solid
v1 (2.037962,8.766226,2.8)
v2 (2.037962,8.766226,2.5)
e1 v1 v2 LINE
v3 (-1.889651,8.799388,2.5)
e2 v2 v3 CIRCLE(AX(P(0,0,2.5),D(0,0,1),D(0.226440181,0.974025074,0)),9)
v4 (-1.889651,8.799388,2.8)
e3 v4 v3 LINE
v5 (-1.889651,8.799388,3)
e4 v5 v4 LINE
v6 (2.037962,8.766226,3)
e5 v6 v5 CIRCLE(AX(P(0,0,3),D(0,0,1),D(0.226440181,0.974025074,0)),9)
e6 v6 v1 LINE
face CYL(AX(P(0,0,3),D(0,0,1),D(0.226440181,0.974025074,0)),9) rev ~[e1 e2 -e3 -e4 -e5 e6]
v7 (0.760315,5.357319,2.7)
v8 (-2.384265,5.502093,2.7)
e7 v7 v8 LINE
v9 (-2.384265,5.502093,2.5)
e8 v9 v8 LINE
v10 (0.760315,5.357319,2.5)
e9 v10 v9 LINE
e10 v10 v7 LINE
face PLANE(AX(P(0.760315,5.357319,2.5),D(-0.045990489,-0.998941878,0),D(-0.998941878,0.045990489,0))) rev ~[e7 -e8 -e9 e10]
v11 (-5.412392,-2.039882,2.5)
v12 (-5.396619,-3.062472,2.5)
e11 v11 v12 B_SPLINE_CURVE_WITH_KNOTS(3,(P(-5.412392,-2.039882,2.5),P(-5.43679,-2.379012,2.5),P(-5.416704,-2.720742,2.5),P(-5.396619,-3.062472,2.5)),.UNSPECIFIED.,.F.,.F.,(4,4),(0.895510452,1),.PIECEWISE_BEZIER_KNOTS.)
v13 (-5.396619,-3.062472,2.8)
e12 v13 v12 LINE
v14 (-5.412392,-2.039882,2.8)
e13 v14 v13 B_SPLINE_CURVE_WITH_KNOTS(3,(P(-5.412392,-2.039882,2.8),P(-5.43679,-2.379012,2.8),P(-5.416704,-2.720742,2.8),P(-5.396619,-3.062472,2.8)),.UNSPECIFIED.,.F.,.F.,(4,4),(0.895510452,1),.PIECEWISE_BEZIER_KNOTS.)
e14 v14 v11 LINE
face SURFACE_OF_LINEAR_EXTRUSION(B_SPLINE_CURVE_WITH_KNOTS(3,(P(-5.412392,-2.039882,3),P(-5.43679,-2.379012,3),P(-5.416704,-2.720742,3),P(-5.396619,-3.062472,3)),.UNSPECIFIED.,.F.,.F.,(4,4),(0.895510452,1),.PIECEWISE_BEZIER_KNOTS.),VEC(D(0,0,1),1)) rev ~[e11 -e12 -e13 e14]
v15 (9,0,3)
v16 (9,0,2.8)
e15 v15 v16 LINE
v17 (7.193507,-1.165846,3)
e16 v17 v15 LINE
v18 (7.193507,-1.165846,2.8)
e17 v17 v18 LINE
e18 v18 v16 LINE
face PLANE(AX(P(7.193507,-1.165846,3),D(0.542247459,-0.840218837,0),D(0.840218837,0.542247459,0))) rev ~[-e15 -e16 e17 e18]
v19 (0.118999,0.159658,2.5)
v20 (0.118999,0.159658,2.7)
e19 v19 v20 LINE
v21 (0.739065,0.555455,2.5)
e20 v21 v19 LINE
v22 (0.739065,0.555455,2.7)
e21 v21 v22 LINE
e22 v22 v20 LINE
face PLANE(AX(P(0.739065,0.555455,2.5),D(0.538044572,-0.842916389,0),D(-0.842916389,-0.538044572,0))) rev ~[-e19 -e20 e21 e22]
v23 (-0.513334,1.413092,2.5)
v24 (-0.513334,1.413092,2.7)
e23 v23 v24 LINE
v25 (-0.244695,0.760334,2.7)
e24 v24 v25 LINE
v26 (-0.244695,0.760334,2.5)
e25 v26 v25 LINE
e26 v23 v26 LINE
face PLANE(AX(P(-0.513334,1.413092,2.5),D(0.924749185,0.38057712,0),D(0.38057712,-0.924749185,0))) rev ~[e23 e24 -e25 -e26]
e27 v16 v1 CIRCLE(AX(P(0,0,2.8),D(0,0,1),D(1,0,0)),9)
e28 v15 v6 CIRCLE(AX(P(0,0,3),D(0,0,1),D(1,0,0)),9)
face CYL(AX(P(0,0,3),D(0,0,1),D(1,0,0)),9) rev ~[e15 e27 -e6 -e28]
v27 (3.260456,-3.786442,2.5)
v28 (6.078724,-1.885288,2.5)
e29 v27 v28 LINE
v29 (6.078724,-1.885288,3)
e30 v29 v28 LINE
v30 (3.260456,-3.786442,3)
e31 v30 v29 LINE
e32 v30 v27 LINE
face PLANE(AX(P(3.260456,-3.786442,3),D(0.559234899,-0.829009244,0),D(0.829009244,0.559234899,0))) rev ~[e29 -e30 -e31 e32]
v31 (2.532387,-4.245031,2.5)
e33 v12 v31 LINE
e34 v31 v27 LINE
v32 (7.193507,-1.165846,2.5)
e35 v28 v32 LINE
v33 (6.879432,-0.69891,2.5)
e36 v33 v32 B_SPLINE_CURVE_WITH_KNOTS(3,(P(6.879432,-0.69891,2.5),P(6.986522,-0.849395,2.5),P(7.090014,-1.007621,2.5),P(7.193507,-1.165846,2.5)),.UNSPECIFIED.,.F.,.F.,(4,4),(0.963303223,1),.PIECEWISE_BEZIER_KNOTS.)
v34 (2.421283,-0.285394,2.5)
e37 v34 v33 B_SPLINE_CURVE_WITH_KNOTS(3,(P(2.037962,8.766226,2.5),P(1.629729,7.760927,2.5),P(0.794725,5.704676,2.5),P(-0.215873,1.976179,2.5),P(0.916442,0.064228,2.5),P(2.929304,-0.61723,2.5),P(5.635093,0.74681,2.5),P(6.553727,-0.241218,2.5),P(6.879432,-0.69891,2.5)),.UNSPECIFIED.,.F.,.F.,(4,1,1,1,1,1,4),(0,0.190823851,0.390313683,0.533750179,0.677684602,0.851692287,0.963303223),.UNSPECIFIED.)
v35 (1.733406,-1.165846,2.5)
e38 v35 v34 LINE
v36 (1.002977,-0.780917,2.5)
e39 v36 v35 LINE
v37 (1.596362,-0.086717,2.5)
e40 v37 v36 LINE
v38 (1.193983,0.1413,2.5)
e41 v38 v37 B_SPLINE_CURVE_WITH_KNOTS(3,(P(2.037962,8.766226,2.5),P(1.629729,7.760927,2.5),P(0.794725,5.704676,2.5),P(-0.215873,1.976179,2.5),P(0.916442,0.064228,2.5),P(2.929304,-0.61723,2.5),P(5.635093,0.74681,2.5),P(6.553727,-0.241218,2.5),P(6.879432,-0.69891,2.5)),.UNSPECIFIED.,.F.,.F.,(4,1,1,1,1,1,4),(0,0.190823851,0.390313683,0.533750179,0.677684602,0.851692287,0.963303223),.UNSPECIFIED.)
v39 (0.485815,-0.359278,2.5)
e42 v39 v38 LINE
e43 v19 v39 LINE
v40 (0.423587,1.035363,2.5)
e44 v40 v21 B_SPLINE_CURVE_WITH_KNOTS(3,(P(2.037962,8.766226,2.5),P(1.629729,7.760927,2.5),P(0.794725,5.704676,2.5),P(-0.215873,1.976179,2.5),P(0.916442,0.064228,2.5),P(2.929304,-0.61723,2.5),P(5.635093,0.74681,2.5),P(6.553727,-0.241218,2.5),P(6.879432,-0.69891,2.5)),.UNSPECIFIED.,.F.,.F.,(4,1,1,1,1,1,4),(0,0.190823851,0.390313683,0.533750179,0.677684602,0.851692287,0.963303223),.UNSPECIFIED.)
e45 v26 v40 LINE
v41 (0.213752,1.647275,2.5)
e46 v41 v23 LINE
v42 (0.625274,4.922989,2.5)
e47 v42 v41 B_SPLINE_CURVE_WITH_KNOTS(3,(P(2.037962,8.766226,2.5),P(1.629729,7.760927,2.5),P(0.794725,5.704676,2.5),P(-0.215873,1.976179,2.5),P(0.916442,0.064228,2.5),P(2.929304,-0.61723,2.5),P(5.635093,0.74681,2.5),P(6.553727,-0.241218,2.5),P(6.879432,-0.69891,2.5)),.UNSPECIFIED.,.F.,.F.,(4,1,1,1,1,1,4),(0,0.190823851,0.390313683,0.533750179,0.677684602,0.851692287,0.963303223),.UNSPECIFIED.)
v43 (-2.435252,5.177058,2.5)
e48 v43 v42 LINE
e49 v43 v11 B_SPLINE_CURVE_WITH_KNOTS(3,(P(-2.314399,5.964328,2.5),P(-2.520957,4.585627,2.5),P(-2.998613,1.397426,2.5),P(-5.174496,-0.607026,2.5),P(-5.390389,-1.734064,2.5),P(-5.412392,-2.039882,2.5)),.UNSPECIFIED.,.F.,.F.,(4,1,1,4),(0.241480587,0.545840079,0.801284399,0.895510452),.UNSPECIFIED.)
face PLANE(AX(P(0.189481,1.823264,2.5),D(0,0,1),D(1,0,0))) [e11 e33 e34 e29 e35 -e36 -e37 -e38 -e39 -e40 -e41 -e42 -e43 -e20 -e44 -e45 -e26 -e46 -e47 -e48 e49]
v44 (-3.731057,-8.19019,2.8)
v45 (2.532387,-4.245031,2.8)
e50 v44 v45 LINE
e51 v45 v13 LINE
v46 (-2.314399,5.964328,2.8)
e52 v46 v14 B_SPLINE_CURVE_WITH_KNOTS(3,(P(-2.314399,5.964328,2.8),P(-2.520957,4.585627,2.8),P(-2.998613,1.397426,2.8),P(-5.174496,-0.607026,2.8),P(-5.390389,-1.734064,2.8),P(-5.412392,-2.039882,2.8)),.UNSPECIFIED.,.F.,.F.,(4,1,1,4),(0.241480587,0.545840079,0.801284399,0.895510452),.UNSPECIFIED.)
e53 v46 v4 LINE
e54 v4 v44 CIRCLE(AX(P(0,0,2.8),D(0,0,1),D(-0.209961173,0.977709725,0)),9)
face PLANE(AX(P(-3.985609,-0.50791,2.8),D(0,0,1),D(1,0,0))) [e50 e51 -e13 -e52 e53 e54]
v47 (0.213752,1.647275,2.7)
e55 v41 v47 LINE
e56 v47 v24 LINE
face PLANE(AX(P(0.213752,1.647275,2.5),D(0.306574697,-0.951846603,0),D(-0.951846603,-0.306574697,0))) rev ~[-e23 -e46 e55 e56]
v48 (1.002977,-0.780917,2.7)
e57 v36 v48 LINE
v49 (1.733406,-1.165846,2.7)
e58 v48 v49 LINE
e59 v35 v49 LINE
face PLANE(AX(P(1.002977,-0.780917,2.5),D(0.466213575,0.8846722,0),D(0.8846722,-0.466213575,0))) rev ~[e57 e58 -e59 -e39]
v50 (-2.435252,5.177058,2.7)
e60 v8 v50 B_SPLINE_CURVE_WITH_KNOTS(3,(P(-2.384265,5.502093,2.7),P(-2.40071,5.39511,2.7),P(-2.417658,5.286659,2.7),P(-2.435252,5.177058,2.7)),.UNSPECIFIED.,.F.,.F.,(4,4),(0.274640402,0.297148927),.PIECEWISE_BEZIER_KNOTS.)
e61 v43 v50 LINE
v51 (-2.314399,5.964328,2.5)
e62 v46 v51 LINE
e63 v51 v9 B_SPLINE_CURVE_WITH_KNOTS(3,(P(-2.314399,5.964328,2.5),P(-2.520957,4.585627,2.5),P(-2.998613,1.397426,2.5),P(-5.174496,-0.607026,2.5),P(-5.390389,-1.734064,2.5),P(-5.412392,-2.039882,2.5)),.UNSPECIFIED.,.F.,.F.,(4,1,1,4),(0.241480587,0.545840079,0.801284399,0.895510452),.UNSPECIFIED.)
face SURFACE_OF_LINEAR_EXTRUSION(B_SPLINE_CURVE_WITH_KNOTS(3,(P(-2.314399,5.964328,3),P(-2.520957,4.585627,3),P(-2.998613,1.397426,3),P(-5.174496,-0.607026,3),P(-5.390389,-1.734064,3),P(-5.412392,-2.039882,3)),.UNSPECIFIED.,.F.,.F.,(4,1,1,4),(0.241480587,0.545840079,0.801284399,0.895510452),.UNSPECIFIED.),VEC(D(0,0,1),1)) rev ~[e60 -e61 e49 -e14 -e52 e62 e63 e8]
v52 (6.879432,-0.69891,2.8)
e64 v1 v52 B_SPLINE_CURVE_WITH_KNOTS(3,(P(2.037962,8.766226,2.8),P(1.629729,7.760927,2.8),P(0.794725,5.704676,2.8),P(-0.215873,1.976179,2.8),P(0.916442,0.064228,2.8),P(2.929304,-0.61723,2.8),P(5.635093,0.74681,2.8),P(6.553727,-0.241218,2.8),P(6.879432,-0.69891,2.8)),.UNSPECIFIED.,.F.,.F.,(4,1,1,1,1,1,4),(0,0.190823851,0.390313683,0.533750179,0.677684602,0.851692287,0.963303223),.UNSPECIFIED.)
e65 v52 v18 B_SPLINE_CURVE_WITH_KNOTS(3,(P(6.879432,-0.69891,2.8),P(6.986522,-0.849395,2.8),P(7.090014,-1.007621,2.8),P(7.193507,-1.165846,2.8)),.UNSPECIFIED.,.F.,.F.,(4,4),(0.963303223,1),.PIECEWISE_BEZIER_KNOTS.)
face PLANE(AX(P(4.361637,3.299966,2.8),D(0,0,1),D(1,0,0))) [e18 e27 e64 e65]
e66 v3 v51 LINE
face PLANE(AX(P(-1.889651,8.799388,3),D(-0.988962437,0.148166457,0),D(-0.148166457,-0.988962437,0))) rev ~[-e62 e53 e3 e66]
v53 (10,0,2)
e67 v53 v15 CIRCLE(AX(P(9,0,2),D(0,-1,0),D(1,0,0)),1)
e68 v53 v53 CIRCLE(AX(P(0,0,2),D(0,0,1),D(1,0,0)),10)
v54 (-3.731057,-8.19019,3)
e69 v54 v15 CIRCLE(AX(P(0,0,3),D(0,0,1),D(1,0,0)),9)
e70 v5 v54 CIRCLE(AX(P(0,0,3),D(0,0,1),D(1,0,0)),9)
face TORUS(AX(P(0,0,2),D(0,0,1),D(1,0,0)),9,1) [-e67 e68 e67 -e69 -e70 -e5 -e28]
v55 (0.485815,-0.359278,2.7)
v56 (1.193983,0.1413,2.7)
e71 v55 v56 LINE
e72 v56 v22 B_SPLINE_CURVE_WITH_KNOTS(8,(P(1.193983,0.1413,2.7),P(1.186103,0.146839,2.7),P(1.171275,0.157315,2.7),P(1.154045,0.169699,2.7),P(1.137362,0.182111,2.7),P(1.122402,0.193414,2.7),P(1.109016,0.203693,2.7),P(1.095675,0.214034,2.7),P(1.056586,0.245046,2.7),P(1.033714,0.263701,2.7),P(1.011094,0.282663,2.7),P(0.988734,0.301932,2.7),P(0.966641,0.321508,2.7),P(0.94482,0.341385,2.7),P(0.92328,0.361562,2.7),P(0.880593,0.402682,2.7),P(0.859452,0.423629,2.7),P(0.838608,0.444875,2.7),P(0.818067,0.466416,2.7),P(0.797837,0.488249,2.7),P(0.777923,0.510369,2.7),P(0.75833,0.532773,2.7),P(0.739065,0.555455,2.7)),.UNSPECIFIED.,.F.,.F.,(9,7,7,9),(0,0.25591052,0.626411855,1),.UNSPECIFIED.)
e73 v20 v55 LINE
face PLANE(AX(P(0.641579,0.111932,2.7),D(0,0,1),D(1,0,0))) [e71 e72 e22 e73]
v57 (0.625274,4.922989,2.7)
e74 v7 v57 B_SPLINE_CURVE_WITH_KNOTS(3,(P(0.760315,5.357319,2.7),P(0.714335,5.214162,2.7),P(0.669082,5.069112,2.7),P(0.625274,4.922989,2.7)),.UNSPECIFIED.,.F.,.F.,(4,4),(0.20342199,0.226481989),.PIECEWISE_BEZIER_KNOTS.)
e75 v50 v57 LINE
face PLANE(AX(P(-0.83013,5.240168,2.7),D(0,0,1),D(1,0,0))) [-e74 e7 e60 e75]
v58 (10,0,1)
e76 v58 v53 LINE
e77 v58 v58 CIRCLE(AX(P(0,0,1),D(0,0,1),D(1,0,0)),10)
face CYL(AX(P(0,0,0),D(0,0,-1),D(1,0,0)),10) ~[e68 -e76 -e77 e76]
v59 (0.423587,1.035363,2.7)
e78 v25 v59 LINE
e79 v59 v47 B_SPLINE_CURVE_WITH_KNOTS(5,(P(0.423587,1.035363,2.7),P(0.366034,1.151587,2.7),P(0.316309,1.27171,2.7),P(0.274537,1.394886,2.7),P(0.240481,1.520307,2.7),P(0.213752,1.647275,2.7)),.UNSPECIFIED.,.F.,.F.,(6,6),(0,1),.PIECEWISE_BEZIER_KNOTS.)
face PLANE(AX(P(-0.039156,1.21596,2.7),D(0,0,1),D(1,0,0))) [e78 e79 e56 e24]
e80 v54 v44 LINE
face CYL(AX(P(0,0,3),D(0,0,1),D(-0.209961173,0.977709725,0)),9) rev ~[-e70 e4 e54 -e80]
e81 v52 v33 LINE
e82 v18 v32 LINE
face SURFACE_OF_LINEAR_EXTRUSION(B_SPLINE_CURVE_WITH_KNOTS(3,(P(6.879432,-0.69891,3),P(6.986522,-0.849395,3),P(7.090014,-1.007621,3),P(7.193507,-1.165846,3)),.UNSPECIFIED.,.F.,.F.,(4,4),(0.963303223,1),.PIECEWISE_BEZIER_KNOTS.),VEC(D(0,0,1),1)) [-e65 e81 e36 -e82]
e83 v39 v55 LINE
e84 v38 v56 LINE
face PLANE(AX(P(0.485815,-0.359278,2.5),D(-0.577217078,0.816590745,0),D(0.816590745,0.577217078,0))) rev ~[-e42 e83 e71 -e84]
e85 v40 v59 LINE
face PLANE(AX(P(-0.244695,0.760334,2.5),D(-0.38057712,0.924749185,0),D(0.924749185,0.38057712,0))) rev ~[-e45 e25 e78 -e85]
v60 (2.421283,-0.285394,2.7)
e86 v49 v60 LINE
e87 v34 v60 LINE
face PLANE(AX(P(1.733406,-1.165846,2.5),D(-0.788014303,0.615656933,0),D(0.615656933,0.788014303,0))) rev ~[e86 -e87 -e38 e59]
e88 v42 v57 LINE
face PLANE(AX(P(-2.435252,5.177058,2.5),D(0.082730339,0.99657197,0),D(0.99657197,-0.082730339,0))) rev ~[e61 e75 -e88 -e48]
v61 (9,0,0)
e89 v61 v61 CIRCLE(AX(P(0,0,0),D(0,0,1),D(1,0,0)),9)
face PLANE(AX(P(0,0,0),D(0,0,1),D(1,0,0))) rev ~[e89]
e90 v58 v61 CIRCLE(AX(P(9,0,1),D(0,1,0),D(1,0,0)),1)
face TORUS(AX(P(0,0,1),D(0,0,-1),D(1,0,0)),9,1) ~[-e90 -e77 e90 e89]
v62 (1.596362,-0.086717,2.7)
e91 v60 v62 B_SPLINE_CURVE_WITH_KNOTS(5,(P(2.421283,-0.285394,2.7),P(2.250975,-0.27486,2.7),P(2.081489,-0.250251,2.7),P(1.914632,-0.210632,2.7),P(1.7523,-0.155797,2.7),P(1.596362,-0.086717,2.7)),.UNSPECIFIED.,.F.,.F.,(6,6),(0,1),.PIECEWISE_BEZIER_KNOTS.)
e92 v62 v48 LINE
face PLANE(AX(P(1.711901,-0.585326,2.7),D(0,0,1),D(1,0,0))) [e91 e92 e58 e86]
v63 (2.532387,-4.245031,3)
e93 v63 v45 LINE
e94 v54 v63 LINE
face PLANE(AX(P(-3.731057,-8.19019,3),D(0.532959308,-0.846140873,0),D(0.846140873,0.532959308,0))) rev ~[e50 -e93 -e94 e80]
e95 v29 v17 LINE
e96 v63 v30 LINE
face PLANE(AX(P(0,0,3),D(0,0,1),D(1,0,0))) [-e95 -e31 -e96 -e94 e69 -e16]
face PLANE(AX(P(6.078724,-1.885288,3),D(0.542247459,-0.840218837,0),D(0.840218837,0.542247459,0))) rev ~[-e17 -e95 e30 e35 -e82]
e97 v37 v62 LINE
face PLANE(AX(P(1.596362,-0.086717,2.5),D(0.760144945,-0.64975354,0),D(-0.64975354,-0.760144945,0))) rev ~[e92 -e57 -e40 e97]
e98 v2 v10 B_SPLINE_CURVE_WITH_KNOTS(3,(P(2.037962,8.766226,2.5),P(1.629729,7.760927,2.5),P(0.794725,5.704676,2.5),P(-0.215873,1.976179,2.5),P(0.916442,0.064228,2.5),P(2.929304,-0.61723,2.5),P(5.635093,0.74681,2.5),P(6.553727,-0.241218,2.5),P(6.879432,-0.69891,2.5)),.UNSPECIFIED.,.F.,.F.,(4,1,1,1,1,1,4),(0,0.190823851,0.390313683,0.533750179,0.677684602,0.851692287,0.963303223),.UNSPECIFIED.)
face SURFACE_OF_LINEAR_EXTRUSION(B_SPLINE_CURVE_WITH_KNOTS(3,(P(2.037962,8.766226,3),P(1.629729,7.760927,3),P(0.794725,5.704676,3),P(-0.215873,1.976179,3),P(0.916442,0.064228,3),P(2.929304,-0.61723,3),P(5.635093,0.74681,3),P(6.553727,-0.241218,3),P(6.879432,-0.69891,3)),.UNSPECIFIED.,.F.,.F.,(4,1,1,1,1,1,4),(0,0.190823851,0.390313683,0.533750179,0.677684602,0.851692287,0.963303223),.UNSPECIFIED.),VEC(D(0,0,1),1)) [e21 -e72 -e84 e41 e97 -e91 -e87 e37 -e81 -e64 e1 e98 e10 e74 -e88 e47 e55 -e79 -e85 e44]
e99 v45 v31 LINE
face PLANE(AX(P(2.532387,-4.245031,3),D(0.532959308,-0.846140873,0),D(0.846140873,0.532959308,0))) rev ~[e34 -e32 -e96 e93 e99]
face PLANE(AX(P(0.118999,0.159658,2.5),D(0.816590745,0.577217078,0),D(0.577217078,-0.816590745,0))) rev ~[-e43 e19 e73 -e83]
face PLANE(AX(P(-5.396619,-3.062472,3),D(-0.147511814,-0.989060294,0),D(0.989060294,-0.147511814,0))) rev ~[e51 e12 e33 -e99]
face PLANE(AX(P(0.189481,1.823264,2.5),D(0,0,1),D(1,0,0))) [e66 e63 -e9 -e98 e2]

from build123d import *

# Parameters (mm, degrees)
F0_R      = 10
F1_DEPTH  = 3
F2_R      = 1
F4_DEPTH  = 0.5
F5_DEPTH  = 0.5
F7_DEPTH  = 0.2
F8_DEPTH  = 0.2
F10_DEPTH = 0.2


with BuildPart() as f1:
    # F0 (on Top) → F1 (new body)
    with BuildSketch(Plane.XY):
        Circle(F0_R)
    extrude(amount=F1_DEPTH)

    # F2
    f2_edges = [f1.edges().sort_by_distance(p)[0] for p in [
        (-10, 0, 3),
        (-10, 0, 0),
    ]]
    fillet(f2_edges, radius=F2_R)

    # F3 (on face) → F4 (cut)
    with BuildSketch(Plane.XY.offset(3)):
        with BuildLine():
            Line((2.6188242033, -3.3776305377), (6.8794322408, -0.6989099297))
            add(Edge.make_bspline(
                [(2.0379616312, 8.7662256639), (1.6297293118, 7.760927147), (0.7947254097, 5.7046759771), (-0.2158731788, 1.9761788849), (0.9164418768, 0.0642277289), (2.929304388, -0.6172304518), (5.6350925737, 0.7468103985), (6.5537268756, -0.2412183766), (6.8794322408, -0.6989099297)],
                knots=[0, 0, 0, 0, 0.1908238507, 0.3903136826, 0.5337501788, 0.6776846025, 0.8516922871, 0.9633032231, 0.9633032231, 0.9633032231, 0.9633032231], degree=3))
            ThreePointArc((2.0379616312, 8.7662256639), (0.0759866512, 8.9996792181), (-1.8896505536, 8.7993875233))
            Line((-1.8896505536, 8.7993875233), (-2.3143994622, 5.9643280692))
            add(Edge.make_bspline(
                [(-2.3143994622, 5.9643280692), (-2.5209566799, 4.5856267279), (-2.998613389, 1.3974263723), (-5.1744957464, -0.6070257438), (-5.3903894892, -1.7340637252), (-5.4123916936, -2.0398823468)],
                knots=[0.2414805871, 0.2414805871, 0.2414805871, 0.2414805871, 0.5458400785, 0.8012843993, 0.8955104519, 0.8955104519, 0.8955104519, 0.8955104519], degree=3))
            Line((-5.4123916936, -2.0398823468), (2.6188242033, -3.3776305377))
        make_face()
    extrude(amount=-F4_DEPTH, mode=Mode.SUBTRACT)

    # F3 (on face) → F5 (cut)
    with BuildSketch(Plane.XY.offset(3)):
        with BuildLine():
            Line((3.2604557928, -3.7864416372), (6.0787242837, -1.8852878129))
            Line((6.0787242837, -1.8852878129), (7.1935072074, -1.1658464236))
            add(Edge.make_bspline(
                [(6.8794322408, -0.6989099297), (6.9865215417, -0.8493952261), (7.0900143745, -1.0076208248), (7.1935072074, -1.1658464236)],
                knots=[0.9633032231, 0.9633032231, 0.9633032231, 0.9633032231, 1, 1, 1, 1], degree=3))
            Line((6.8794322408, -0.6989099297), (2.6188242033, -3.3776305377))
            Line((2.6188242033, -3.3776305377), (-5.4123916936, -2.0398823468))
            add(Edge.make_bspline(
                [(-5.4123916936, -2.0398823468), (-5.4367904701, -2.3790120105), (-5.4167044889, -2.720741879), (-5.3966185078, -3.0624717474)],
                knots=[0.8955104519, 0.8955104519, 0.8955104519, 0.8955104519, 1, 1, 1, 1], degree=3))
            Line((-5.3966185078, -3.0624717474), (2.5323872936, -4.2450306214))
            Line((2.5323872936, -4.2450306214), (3.2604557928, -3.7864416372))
        make_face()
    extrude(amount=-F5_DEPTH, mode=Mode.SUBTRACT)

    # F6 (on face) → F7 (join)
    with BuildSketch(Plane.XY.offset(2.5)):
        with BuildLine():
            add(Edge.make_bspline(
                [(-2.3842653189, 5.5020927108), (-2.400709991, 5.3951104015), (-2.4176575323, 5.2866589487), (-2.4352520085, 5.1770578662)],
                knots=[0.2746404016, 0.2746404016, 0.2746404016, 0.2746404016, 0.2971489273, 0.2971489273, 0.2971489273, 0.2971489273], degree=3))
            Line((-2.4352520085, 5.1770578662), (0.625273791, 4.9229885711))
            add(Edge.make_bspline(
                [(0.760314553, 5.3573187551), (0.7143347288, 5.2141615037), (0.6690819594, 5.0691118902), (0.625273791, 4.9229885711)],
                knots=[0.2034219896, 0.2034219896, 0.2034219896, 0.2034219896, 0.2264819887, 0.2264819887, 0.2264819887, 0.2264819887], degree=3))
            Line((0.760314553, 5.3573187551), (-2.3842653189, 5.5020927108))
        make_face()
    extrude(amount=F7_DEPTH)

    # F3 (on face) → F8 (cut)
    with BuildSketch(Plane.XY.offset(3)):
        with BuildLine():
            Line((-3.7310567152, -8.1901902169), (2.5323872936, -4.2450306214))
            Line((2.5323872936, -4.2450306214), (-5.3966185078, -3.0624717474))
            add(Edge.make_bspline(
                [(-5.4123916936, -2.0398823468), (-5.4367904701, -2.3790120105), (-5.4167044889, -2.720741879), (-5.3966185078, -3.0624717474)],
                knots=[0.8955104519, 0.8955104519, 0.8955104519, 0.8955104519, 1, 1, 1, 1], degree=3))
            add(Edge.make_bspline(
                [(-2.3143994622, 5.9643280692), (-2.5209566799, 4.5856267279), (-2.998613389, 1.3974263723), (-5.1744957464, -0.6070257438), (-5.3903894892, -1.7340637252), (-5.4123916936, -2.0398823468)],
                knots=[0.2414805871, 0.2414805871, 0.2414805871, 0.2414805871, 0.5458400785, 0.8012843993, 0.8955104519, 0.8955104519, 0.8955104519, 0.8955104519], degree=3))
            Line((-2.3143994622, 5.9643280692), (-1.8896505536, 8.7993875233))
            ThreePointArc((-1.8896505536, 8.7993875233), (-8.9475988677, 0.9697806466), (-3.7310567152, -8.1901902169))
        make_face()
        with BuildLine():
            add(Edge.make_bspline(
                [(6.8794322408, -0.6989099297), (6.9865215417, -0.8493952261), (7.0900143745, -1.0076208248), (7.1935072074, -1.1658464236)],
                knots=[0.9633032231, 0.9633032231, 0.9633032231, 0.9633032231, 1, 1, 1, 1], degree=3))
            Line((7.1935072074, -1.1658464236), (9, 0))
            ThreePointArc((9, 0), (7.0477533541, 5.5972468822), (2.0379616312, 8.7662256639))
            add(Edge.make_bspline(
                [(2.0379616312, 8.7662256639), (1.6297293118, 7.760927147), (0.7947254097, 5.7046759771), (-0.2158731788, 1.9761788849), (0.9164418768, 0.0642277289), (2.929304388, -0.6172304518), (5.6350925737, 0.7468103985), (6.5537268756, -0.2412183766), (6.8794322408, -0.6989099297)],
                knots=[0, 0, 0, 0, 0.1908238507, 0.3903136826, 0.5337501788, 0.6776846025, 0.8516922871, 0.9633032231, 0.9633032231, 0.9633032231, 0.9633032231], degree=3))
        make_face()
    extrude(amount=-F8_DEPTH, mode=Mode.SUBTRACT)

    # F9 (on face) → F10 (join)
    with BuildSketch(Plane.XY.offset(2.5)):
        Polygon((0.4235866599, 1.0353629961), (0.2137521335, 1.6472745719), (-0.5133344134, 1.4130915244), (-0.2446945873, 0.7603343111), align=None)
        Polygon((1.1939833379, 0.1412997616), (0.7390651665, 0.5554548462), (0.1189987625, 0.1596583386), (0.4858149623, -0.3592776484), align=None)
        Polygon((2.4212828624, -0.2853942997), (1.5963621816, -0.0867172381), (1.0029768368, -0.780917181), (1.7334064469, -1.1658464236), align=None)
    extrude(amount=F10_DEPTH)


solid = f1.part
